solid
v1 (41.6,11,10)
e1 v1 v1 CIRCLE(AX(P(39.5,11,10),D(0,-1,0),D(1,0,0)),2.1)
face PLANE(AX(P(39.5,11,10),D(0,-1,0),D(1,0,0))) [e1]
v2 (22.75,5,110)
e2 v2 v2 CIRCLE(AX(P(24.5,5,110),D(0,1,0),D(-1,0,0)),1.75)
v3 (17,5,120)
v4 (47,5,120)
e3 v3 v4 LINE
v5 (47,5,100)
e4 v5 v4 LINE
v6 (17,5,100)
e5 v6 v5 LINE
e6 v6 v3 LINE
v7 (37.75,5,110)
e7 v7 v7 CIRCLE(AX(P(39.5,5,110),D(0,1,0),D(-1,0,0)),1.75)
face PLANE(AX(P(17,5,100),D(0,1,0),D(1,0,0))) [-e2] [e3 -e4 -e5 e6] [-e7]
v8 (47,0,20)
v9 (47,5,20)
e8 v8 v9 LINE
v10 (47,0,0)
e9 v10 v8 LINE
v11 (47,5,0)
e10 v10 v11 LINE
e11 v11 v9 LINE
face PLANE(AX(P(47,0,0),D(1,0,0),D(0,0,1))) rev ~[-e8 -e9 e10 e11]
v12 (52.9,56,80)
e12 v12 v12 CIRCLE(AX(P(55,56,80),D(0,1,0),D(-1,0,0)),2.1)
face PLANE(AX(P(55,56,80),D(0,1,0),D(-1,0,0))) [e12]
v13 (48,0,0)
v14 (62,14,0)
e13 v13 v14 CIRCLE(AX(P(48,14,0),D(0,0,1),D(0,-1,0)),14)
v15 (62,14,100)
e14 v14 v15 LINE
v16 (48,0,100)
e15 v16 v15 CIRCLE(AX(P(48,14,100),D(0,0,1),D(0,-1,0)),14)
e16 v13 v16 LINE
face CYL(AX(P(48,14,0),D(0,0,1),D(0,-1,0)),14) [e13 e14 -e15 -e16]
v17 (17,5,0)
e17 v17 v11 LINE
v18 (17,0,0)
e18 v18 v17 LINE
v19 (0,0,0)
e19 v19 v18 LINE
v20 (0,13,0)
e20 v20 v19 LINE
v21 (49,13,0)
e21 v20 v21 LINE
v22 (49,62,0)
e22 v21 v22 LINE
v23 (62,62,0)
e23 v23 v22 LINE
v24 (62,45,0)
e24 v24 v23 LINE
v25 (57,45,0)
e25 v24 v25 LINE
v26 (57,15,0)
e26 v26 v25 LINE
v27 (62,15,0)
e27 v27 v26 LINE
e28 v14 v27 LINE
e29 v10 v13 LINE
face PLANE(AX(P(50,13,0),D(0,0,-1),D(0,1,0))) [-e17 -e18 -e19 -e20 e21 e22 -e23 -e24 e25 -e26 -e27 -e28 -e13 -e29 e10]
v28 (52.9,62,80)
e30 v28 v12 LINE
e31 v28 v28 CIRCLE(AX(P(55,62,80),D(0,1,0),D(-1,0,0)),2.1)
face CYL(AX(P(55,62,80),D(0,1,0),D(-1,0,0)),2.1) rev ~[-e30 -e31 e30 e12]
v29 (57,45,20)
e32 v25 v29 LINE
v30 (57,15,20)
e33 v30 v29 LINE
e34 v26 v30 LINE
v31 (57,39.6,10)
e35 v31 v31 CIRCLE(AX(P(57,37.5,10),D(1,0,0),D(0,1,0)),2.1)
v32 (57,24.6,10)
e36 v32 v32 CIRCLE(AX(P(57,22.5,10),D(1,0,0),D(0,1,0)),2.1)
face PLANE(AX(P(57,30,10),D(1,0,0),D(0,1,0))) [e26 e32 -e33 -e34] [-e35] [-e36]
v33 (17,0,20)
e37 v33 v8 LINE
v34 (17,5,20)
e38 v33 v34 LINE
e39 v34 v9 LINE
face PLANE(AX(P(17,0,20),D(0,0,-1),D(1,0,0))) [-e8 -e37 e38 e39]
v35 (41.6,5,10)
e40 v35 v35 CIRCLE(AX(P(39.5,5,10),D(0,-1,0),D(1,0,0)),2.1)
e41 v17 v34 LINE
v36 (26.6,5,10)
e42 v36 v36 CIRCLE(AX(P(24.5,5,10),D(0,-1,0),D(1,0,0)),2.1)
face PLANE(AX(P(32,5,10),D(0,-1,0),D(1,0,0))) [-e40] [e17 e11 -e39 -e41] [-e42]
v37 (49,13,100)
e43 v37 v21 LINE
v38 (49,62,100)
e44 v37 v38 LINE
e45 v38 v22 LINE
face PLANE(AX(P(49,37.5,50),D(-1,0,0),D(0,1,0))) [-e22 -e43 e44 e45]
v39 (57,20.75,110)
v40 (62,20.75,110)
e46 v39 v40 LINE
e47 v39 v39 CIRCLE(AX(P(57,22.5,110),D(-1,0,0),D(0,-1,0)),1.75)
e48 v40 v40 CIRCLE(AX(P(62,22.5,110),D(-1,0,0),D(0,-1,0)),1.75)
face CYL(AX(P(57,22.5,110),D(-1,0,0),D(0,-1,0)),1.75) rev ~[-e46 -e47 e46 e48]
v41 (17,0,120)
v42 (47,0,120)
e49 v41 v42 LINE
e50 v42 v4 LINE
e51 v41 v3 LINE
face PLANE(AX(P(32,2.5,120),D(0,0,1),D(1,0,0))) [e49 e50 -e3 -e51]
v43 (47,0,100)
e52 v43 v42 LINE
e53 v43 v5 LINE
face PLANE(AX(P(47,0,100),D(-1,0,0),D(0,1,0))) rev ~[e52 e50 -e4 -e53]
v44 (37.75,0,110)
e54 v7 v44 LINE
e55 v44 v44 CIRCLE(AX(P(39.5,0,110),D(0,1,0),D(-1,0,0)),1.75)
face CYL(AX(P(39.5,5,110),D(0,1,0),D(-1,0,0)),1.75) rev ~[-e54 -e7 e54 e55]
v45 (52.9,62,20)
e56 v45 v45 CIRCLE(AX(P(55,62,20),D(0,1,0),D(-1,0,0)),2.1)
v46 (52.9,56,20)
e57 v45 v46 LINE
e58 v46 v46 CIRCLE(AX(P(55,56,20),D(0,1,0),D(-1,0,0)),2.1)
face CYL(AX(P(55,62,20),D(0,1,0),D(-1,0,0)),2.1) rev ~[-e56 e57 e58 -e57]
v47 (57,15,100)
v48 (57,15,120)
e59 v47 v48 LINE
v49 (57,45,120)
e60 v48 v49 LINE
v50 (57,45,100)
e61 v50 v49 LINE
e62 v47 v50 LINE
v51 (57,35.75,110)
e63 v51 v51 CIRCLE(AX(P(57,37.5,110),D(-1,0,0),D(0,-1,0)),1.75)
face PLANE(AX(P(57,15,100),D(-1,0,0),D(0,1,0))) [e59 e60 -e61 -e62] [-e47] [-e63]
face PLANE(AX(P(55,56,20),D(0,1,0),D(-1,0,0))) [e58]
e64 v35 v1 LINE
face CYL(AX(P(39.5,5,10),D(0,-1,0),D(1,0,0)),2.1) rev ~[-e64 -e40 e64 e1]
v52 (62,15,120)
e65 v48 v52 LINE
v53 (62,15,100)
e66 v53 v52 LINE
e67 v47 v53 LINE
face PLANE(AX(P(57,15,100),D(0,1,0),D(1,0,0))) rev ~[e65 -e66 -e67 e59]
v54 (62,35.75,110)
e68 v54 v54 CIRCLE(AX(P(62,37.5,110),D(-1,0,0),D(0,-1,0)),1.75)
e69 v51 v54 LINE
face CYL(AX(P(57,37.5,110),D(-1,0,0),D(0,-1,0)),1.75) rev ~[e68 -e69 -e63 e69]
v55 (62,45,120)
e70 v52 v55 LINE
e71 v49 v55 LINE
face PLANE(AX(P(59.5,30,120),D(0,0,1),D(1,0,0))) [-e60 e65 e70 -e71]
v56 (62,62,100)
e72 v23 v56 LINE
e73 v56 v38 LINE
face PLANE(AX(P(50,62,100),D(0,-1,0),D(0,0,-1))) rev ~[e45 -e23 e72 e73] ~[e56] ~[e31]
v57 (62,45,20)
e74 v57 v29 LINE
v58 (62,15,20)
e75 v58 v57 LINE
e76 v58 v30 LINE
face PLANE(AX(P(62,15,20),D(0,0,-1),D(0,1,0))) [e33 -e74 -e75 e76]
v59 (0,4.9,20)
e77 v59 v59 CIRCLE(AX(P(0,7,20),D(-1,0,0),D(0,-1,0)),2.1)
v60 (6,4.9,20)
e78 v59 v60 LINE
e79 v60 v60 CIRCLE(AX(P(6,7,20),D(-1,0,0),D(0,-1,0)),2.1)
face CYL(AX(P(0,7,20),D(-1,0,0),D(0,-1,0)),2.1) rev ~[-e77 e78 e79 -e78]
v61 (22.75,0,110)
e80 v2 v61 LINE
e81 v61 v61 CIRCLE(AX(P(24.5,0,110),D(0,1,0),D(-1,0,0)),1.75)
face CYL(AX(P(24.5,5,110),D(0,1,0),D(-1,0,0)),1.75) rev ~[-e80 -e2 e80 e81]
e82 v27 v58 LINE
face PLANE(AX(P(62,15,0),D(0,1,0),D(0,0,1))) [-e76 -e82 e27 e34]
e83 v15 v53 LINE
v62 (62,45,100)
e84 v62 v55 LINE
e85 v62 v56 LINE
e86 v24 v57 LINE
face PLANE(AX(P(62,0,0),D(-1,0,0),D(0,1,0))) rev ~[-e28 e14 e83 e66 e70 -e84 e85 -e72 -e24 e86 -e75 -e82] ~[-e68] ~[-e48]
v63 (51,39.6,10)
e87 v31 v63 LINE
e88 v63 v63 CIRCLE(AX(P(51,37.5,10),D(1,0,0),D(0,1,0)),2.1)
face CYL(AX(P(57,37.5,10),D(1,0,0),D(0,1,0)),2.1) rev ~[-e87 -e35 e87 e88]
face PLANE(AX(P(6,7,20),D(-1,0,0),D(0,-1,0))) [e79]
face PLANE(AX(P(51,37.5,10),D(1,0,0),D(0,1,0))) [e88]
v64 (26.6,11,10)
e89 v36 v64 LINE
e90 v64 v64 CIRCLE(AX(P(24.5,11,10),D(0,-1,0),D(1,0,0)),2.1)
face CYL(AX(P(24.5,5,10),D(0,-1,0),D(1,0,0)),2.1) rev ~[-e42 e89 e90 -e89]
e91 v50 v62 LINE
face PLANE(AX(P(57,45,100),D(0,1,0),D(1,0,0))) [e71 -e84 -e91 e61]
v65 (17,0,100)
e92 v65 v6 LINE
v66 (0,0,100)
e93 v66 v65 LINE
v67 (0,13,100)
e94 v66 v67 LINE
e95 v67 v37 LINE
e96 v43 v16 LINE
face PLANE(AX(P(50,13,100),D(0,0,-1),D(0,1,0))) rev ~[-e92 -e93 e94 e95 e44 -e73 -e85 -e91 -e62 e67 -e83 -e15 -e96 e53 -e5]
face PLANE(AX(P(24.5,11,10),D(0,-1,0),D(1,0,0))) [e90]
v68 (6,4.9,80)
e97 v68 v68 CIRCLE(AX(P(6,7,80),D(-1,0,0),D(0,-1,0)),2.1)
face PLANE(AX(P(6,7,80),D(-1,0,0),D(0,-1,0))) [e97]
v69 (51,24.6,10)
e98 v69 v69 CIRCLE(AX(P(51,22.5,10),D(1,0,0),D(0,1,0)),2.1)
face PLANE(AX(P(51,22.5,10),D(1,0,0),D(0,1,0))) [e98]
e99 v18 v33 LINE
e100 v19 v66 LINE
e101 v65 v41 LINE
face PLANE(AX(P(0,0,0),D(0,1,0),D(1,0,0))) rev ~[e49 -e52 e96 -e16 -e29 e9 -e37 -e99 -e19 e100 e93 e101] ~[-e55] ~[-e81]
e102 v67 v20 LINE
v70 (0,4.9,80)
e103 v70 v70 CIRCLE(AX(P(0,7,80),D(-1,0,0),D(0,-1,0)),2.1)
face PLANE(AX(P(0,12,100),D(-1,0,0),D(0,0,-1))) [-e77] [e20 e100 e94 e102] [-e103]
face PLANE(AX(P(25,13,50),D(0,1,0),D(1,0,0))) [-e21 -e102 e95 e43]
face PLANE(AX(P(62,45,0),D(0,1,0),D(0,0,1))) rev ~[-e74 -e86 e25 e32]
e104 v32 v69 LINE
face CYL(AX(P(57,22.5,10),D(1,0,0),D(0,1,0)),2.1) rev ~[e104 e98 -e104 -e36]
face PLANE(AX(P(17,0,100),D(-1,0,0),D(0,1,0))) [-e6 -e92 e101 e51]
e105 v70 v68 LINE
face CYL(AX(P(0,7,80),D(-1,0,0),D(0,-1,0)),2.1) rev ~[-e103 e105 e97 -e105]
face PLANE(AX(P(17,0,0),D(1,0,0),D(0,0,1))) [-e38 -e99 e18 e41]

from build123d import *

# Parameters (mm, degrees)
SKETCH_W          = 62
SKETCH_H          = 62
PAD_DEPTH         = 100
SKETCH001_W       = 30
SKETCH001_H       = 5
SKETCH001_W_2     = 5
SKETCH001_H_2     = 30
PAD001_DEPTH      = 20
FILLET_R          = 14
SKETCH002_W       = 52
SKETCH002_H       = 52
POCKET_DEPTH      = 103
SKETCH003_R       = 1.75
POCKET001_DEPTH   = 5
SKETCH004_R       = 1.75
POCKET002_DEPTH   = 5
POCKET002_FACE8_W = 52
POCKET002_FACE8_H = 100
PAD002_DEPTH      = 2
PAD002_FACE8_W    = 50
PAD002_FACE8_H    = 100
PAD003_DEPTH      = 2
PAD003_FACE25_W   = 50
PAD003_FACE25_H   = 100
PAD004_DEPTH      = 1
PAD004_FACE24_W   = 49
PAD004_FACE24_H   = 100
PAD005_DEPTH      = 1
SKETCH005_R       = 2.1
POCKET003_DEPTH   = 6
SKETCH006_R       = 2.1
POCKET004_DEPTH   = 6
SKETCH007_W       = 30
SKETCH007_H       = 20
POCKET005_DEPTH   = 5
SKETCH008_W       = 30
SKETCH008_H       = 20
POCKET006_DEPTH   = 5
SKETCH009_R       = 2.1
POCKET007_DEPTH   = 6
SKETCH010_R       = 2.1
POCKET008_DEPTH   = 6


with BuildPart() as part:
    # Sketch → Pad (new body)
    with BuildSketch(Plane.XY):
        with Locations((31, 31)):
            Rectangle(SKETCH_W, SKETCH_H)
    extrude(amount=PAD_DEPTH)

    # Sketch001 (on Face6 of Pad) → Pad001 (join)
    with BuildSketch(Plane.XY.offset(100)):
        with Locations((32, 2.5)):
            Rectangle(SKETCH001_W, SKETCH001_H)
        with Locations((59.5, 30)):
            Rectangle(SKETCH001_W_2, SKETCH001_H_2)
    extrude(amount=PAD001_DEPTH)

    # Fillet
    fillet_edges = [part.edges().sort_by_distance(p)[0] for p in [
        (62, 0, 50),
    ]]
    fillet(fillet_edges, radius=FILLET_R)

    # Sketch002 (on Face5 of Fillet) → Pocket (cut)
    with BuildSketch(Plane.XY.offset(100)):
        with Locations((26, 36)):
            Rectangle(SKETCH002_W, SKETCH002_H)
    extrude(amount=-POCKET_DEPTH, mode=Mode.SUBTRACT)

    # Sketch003 (on Face15 of Pocket) → Pocket001 (cut)
    with BuildSketch(Plane(origin=(57, 0, 0), x_dir=(0, -1, 0), z_dir=(-1, 0, 0))):
        with Locations((-37.5, 110)):
            Circle(SKETCH003_R)
        with Locations((-22.5, 110)):
            Circle(SKETCH003_R)
    extrude(amount=-POCKET001_DEPTH, mode=Mode.SUBTRACT)

    # Sketch004 (on Face12 of Pocket001) → Pocket002 (cut)
    with BuildSketch(Plane(origin=(0, 5, 0), x_dir=(-1, 0, 0), z_dir=(0, 1, 0))):
        with Locations((-39.5, 110)):
            Circle(SKETCH004_R)
        with Locations((-24.5, 110)):
            Circle(SKETCH004_R)
    extrude(amount=-POCKET002_DEPTH, mode=Mode.SUBTRACT)

    # Pocket002 Face8 → Pad002 (add)
    with BuildSketch(Plane(origin=(52, 36, 50), x_dir=(0, 1, 0), z_dir=(-1, 0, 0))):
        Rectangle(POCKET002_FACE8_W, POCKET002_FACE8_H)
    extrude(amount=PAD002_DEPTH)

    # Pad002 Face8 → Pad003 (add)
    with BuildSketch(Plane(origin=(25, 10, 50), x_dir=(1, 0, 0), z_dir=(0, 1, 0))):
        Rectangle(PAD002_FACE8_W, PAD002_FACE8_H)
    extrude(amount=PAD003_DEPTH)

    # Pad003 Face25 → Pad004 (add)
    with BuildSketch(Plane(origin=(25, 12, 50), x_dir=(1, 0, 0), z_dir=(0, 1, 0))):
        Rectangle(PAD003_FACE25_W, PAD003_FACE25_H)
    extrude(amount=PAD004_DEPTH)

    # Pad004 Face24 → Pad005 (add)
    with BuildSketch(Plane(origin=(50, 37.5, 50), x_dir=(0, 1, 0), z_dir=(-1, 0, 0))):
        Rectangle(PAD004_FACE24_W, PAD004_FACE24_H)
    extrude(amount=PAD005_DEPTH)

    # Sketch005 (on Face4 of Pad005) → Pocket003 (cut)
    with BuildSketch(Plane(origin=(0, 0, 0), x_dir=(0, -1, 0), z_dir=(-1, 0, 0))):
        with Locations((-7, 80)):
            Circle(SKETCH005_R)
        with Locations((-7, 20)):
            Circle(SKETCH005_R)
    extrude(amount=-POCKET003_DEPTH, mode=Mode.SUBTRACT)

    # Sketch006 (on Face9 of Pocket003) → Pocket004 (cut)
    with BuildSketch(Plane(origin=(0, 62, 0), x_dir=(-1, 0, 0), z_dir=(0, 1, 0))):
        with Locations((-55, 80)):
            Circle(SKETCH006_R)
        with Locations((-55, 20)):
            Circle(SKETCH006_R)
    extrude(amount=-POCKET004_DEPTH, mode=Mode.SUBTRACT)

    # Sketch007 (on Face10 of Pocket004) → Pocket005 (cut)
    with BuildSketch(Plane.YZ.offset(62)):
        with Locations((30, 10)):
            Rectangle(SKETCH007_W, SKETCH007_H)
    extrude(amount=-POCKET005_DEPTH, mode=Mode.SUBTRACT)

    # Sketch008 (on Face1 of Pocket005) → Pocket006 (cut)
    with BuildSketch(Plane.XZ):
        with Locations((32, 10)):
            Rectangle(SKETCH008_W, SKETCH008_H)
    extrude(amount=-POCKET006_DEPTH, mode=Mode.SUBTRACT)

    # Sketch009 (on Face15 of Pocket006) → Pocket007 (cut)
    with BuildSketch(Plane.YZ.offset(57)):
        with Locations((37.5, 10)):
            Circle(SKETCH009_R)
        with Locations((22.5, 10)):
            Circle(SKETCH009_R)
    extrude(amount=-POCKET007_DEPTH, mode=Mode.SUBTRACT)

    # Sketch010 (on Face17 of Pocket007) → Pocket008 (cut)
    with BuildSketch(Plane.XZ.offset(-5)):
        with Locations((39.5, 10)):
            Circle(SKETCH010_R)
        with Locations((24.5, 10)):
            Circle(SKETCH010_R)
    extrude(amount=-POCKET008_DEPTH, mode=Mode.SUBTRACT)


solid = part.part
